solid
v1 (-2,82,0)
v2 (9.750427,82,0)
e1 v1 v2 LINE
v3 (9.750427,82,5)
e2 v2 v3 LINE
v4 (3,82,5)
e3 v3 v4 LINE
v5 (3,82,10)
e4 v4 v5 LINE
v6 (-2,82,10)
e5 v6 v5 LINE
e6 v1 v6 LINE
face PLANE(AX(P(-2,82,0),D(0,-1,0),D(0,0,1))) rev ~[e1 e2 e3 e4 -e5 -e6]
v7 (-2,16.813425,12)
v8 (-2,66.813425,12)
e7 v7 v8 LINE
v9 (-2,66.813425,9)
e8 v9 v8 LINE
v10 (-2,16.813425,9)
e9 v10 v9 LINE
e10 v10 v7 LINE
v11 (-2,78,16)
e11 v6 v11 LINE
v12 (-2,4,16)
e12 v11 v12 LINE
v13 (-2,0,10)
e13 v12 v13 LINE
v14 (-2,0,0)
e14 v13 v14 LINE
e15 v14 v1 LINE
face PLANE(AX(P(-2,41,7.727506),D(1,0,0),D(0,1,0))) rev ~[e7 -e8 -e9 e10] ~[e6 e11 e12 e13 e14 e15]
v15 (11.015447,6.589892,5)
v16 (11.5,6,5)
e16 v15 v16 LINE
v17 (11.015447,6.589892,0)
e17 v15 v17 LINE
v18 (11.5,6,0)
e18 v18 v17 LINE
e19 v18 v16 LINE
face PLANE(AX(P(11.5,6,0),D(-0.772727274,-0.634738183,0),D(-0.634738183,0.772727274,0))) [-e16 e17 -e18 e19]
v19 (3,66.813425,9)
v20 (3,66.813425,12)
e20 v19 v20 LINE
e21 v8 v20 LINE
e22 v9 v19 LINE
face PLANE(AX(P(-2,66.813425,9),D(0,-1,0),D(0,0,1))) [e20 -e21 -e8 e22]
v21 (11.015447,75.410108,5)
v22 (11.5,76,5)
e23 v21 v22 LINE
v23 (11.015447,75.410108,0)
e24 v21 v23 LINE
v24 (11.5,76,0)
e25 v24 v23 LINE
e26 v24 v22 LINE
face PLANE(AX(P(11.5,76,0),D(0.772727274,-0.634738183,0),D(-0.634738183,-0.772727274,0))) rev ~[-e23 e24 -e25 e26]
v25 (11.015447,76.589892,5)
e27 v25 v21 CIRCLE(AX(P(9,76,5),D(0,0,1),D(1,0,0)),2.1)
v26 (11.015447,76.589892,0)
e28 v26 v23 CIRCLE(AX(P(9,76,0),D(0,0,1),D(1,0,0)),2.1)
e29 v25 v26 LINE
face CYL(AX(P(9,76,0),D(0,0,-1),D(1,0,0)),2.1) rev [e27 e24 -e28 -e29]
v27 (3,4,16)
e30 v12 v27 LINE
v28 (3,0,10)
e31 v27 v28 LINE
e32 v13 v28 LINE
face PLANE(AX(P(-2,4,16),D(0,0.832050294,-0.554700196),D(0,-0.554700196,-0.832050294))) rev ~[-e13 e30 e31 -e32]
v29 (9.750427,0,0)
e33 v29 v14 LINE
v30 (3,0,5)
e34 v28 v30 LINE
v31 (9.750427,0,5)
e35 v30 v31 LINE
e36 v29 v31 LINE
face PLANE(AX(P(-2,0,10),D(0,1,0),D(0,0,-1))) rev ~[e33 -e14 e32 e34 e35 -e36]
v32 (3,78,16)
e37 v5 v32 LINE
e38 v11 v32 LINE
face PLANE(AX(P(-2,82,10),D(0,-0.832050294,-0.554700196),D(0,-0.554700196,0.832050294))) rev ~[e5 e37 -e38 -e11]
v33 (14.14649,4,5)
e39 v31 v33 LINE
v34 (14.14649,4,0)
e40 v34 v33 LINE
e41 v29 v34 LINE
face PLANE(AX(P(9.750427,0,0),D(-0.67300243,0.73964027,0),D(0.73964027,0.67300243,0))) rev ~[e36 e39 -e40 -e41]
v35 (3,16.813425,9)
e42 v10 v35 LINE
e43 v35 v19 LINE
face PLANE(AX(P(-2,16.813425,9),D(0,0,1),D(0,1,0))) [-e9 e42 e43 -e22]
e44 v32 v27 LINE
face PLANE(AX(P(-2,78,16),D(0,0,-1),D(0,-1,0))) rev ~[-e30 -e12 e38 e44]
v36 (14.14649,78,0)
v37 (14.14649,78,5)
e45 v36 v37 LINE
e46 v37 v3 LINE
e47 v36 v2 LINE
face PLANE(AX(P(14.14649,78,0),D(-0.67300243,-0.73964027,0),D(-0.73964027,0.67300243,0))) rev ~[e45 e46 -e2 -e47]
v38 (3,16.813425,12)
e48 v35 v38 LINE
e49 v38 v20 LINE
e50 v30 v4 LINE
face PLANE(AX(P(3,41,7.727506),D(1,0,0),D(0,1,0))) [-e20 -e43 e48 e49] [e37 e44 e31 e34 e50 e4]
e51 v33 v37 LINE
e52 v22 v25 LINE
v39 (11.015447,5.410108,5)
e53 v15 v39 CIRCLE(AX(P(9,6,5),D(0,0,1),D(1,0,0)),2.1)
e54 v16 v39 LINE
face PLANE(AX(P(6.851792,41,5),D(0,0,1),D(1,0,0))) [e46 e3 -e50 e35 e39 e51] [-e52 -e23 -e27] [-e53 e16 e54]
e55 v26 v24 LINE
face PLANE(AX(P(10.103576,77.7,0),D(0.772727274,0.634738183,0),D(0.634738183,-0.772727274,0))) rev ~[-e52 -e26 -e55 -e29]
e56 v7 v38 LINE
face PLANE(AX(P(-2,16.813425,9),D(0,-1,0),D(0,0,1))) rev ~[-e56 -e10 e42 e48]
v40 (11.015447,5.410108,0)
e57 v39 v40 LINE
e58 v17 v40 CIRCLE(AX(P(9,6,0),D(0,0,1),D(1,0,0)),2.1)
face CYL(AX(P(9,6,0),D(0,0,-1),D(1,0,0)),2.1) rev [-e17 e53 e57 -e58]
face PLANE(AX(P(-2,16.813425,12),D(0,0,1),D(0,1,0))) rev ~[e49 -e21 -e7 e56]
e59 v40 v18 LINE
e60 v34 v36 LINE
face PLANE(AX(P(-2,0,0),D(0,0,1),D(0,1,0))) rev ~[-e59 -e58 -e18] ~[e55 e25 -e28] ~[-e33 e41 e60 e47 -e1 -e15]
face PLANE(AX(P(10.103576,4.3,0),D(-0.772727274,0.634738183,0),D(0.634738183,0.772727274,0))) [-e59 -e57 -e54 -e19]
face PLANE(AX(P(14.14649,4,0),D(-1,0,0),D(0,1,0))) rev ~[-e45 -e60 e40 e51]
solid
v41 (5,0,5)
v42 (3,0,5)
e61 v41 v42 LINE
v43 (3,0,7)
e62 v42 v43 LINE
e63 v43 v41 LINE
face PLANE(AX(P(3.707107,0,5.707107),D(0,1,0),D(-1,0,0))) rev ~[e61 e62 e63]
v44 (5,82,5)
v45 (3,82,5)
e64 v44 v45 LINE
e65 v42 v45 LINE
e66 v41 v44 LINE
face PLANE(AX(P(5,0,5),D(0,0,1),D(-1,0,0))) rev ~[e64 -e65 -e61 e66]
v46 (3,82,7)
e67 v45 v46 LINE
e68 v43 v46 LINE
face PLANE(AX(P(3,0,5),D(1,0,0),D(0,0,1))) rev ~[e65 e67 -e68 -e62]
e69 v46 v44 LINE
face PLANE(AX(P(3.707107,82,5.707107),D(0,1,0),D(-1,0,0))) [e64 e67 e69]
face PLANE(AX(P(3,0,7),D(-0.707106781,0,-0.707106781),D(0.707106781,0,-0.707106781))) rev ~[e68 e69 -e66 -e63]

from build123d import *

# Parameters (mm, degrees)
PAD002_DEPTH = 82
SKETCH001_W  = 50
SKETCH001_H  = 3
PAD001_DEPTH = 5
SKETCH_R     = 2.1
PAD_DEPTH    = 5
POCKET_DEPTH = 6


with BuildPart() as pad002:
    # Sketch002 → Pad002 (new body)
    with BuildSketch(Plane(origin=(3, 0, 5), x_dir=(1, 0, 0), z_dir=(0, -1, 0))):
        Polygon((0, 0), (0, 2), (2, 0), align=None)
    extrude(amount=-PAD002_DEPTH)


with BuildPart() as pad001:
    # Sketch001 → Pad001 (new body)
    with BuildSketch(Plane.YZ.offset(-2)):
        Polygon((0, 0), (82, 0), (82, 10), (78, 16), (4, 16), (0, 10), align=None)
        with Locations((41.813425, 10.5)):
            Rectangle(SKETCH001_W, SKETCH001_H, mode=Mode.SUBTRACT)
    extrude(amount=PAD001_DEPTH)


with BuildPart() as pocket:
    # Sketch → Pad (new body)
    with BuildSketch(Plane.XY):
        Polygon((0, 82), (0, 0), (9.750427, 0), (14.14649, 4), (14.14649, 78), (9.750427, 82), align=None)
        with Locations((9, 6)):
            Circle(SKETCH_R, mode=Mode.SUBTRACT)
        with Locations((9, 76)):
            Circle(SKETCH_R, mode=Mode.SUBTRACT)
    extrude(amount=PAD_DEPTH)

    # Fusion: union Pad001
    add(pad001.part)

    # Sketch003 → Pocket (cut)
    with BuildSketch(Plane(origin=(0, 0, 0), x_dir=(1, 0, 0), z_dir=(0, 0, -1))):
        Polygon((10.103576, -4.3), (11.5, -6), (10.103576, -7.7), align=None)
        Polygon((10.103576, -74.3), (10.103576, -77.7), (11.5, -76), align=None)
    extrude(amount=-POCKET_DEPTH, mode=Mode.SUBTRACT)


solid = Compound([pad002.part, pocket.part])
